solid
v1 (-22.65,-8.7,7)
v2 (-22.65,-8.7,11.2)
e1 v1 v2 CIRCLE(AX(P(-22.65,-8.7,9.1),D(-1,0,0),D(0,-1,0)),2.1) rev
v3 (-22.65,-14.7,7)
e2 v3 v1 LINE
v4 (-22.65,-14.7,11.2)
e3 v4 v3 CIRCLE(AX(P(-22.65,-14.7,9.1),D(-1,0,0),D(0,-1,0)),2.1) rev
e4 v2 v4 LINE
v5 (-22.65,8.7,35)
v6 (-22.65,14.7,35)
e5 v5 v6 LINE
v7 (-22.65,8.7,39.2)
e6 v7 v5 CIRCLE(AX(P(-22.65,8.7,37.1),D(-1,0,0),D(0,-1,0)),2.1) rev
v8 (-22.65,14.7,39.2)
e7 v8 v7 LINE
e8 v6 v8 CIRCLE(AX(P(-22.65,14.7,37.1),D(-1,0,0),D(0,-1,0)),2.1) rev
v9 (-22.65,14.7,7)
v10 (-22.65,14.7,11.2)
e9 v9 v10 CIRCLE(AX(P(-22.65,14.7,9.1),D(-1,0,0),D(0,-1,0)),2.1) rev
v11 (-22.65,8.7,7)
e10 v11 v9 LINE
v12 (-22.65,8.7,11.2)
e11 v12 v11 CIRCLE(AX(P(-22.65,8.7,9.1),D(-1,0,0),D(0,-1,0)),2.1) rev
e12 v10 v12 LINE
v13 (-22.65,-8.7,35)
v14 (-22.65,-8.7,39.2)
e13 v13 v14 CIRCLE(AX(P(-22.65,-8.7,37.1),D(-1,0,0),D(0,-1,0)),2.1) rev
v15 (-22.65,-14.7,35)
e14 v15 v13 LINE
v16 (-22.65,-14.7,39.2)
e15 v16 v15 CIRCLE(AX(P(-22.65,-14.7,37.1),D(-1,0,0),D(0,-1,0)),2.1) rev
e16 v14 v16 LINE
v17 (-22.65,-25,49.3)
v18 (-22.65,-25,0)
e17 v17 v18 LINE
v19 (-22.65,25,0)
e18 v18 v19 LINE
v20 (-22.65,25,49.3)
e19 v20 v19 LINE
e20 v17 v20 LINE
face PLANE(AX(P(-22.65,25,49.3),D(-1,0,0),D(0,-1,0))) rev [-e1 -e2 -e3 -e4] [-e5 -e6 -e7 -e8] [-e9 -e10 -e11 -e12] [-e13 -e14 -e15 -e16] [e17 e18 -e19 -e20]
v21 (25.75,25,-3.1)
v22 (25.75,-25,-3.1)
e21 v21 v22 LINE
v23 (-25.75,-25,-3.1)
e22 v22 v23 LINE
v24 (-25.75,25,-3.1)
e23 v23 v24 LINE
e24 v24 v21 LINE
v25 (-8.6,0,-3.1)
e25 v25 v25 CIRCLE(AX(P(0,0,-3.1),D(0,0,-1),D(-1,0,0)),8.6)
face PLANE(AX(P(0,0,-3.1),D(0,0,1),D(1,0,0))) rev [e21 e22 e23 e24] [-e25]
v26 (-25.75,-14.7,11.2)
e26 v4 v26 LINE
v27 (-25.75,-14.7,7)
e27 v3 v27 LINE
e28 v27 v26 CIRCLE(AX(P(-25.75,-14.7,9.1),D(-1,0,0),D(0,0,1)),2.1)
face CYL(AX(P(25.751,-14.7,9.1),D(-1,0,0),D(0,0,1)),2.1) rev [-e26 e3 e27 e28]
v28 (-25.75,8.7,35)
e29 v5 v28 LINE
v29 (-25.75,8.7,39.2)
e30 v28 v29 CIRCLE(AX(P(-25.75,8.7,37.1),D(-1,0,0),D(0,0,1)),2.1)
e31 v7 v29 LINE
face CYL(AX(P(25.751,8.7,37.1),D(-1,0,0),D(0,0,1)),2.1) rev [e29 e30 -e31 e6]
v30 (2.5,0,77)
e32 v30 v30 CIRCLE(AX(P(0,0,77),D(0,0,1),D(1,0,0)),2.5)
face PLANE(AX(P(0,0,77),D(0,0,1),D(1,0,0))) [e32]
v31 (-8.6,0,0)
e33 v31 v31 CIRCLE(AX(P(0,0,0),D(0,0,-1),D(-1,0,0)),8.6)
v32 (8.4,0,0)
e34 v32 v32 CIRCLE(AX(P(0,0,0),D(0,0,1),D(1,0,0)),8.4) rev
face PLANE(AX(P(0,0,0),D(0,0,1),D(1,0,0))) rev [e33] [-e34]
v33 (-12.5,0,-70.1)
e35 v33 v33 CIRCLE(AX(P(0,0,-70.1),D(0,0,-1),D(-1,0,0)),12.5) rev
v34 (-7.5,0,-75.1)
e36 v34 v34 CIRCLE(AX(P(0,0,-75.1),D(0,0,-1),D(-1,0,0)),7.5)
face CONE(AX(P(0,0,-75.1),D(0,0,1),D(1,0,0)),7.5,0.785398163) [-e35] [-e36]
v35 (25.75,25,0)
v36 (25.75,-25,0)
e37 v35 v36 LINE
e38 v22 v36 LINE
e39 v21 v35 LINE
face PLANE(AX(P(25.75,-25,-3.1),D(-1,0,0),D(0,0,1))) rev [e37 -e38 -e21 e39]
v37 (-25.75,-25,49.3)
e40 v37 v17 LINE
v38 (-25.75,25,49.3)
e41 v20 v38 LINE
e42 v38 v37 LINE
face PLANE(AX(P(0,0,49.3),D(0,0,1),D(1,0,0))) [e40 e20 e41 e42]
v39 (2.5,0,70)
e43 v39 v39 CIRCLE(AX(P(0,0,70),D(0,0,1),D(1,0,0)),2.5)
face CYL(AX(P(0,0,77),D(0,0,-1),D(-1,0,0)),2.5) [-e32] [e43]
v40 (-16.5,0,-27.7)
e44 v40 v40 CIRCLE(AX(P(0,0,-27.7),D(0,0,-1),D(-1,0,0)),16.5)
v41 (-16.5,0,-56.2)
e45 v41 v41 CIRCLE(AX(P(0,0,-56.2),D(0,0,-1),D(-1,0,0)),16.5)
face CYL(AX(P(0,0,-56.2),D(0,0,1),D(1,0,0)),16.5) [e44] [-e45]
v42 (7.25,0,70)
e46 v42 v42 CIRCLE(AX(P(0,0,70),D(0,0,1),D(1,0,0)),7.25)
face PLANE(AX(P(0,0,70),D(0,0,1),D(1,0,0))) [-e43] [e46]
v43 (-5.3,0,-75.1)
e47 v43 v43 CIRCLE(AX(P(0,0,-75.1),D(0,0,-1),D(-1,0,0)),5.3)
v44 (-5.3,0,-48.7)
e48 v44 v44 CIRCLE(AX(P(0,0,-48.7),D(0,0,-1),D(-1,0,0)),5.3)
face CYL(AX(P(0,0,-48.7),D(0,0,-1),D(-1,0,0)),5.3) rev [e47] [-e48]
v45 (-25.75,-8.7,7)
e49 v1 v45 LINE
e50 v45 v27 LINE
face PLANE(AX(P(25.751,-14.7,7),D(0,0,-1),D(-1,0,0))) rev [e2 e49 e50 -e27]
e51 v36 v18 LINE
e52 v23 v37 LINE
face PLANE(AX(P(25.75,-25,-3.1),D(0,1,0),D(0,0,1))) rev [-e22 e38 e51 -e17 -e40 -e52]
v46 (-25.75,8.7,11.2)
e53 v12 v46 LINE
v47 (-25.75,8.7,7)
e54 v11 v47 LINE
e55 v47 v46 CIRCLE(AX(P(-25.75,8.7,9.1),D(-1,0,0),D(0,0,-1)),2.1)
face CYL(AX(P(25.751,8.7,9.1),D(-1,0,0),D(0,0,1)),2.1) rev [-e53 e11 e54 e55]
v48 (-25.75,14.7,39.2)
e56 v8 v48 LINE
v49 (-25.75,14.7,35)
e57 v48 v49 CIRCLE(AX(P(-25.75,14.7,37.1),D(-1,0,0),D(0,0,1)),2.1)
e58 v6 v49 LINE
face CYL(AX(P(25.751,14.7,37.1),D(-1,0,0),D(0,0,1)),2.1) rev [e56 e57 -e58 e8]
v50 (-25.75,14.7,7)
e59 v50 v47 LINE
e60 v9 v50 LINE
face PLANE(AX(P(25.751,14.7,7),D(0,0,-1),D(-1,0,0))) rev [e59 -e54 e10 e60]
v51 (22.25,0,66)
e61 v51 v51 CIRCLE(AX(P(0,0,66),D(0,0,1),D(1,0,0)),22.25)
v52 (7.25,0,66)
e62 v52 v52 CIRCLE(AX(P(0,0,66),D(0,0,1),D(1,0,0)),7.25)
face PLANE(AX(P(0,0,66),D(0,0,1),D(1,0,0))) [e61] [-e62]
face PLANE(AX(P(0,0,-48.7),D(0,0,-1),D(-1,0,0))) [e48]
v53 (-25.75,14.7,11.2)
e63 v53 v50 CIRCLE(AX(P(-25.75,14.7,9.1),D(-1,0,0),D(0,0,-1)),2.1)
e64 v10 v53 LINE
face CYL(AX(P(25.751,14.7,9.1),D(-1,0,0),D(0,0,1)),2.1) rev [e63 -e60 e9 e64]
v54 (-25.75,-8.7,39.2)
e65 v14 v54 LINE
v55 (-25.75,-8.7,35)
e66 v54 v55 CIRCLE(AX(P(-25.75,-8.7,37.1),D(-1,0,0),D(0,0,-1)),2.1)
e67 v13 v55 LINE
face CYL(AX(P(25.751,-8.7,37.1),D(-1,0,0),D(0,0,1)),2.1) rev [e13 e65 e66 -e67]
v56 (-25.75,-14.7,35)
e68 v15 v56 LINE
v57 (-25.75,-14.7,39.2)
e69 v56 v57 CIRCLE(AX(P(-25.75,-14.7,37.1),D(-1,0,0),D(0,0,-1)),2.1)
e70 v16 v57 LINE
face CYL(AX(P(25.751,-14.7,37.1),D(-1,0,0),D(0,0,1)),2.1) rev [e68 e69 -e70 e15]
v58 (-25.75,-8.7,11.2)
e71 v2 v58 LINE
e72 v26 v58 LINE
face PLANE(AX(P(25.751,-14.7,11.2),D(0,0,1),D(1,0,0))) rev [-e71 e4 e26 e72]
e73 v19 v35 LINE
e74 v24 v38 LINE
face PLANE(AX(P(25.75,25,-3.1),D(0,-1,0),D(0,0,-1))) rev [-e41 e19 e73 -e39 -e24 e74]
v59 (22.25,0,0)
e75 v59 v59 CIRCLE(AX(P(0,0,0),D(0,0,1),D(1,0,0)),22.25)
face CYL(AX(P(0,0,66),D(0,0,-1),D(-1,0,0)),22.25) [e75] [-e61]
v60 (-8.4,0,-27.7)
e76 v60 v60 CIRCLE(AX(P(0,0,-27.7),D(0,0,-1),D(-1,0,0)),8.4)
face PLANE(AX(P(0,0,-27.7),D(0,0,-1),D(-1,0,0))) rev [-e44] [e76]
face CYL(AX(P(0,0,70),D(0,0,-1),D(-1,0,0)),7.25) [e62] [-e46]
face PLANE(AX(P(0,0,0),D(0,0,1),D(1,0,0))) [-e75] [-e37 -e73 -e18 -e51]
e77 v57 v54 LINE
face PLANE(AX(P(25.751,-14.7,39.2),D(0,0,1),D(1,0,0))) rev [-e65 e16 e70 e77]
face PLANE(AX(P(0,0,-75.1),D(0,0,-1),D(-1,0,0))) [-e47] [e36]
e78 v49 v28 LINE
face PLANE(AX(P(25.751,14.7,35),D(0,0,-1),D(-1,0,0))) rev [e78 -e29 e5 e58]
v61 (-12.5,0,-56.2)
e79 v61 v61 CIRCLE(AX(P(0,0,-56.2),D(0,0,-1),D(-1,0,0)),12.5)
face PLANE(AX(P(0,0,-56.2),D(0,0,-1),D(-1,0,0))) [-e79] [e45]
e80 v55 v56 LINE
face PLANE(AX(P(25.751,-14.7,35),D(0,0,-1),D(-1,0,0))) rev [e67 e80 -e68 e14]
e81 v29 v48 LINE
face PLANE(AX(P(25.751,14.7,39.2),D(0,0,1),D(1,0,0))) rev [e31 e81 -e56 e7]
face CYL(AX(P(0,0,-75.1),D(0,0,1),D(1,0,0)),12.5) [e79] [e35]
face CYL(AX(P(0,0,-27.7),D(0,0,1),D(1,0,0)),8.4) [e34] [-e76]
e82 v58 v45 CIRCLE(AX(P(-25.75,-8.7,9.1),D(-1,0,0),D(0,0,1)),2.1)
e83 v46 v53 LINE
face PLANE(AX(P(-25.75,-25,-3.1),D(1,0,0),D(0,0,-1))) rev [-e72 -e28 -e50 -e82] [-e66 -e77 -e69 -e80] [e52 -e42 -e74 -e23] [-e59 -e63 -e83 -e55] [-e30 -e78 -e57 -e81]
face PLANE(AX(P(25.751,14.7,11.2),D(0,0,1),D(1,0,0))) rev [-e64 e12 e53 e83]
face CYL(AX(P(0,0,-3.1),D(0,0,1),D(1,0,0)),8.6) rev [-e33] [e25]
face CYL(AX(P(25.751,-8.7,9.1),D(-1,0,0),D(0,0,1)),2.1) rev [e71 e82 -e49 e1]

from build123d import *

# Parameters (mm, degrees)
SKETCH1_R           = 22.25
BOSS_EXTRUDE1_DEPTH = 66
SKETCH2_R           = 7.25
BOSS_EXTRUDE2_DEPTH = 4
SKETCH3_R           = 2.5
BOSS_EXTRUDE3_DEPTH = 7
SKETCH4_W           = 51.5
SKETCH4_H           = 50
SKETCH4_R           = 8.6
BOSS_EXTRUDE4_DEPTH = 3.1
SKETCH5_R           = 8.4
BOSS_EXTRUDE5_DEPTH = 27.7
SKETCH6_R           = 16.5
BOSS_EXTRUDE6_DEPTH = 28.5
SKETCH7_R           = 12.5
BOSS_EXTRUDE7_DEPTH = 18.9
SKETCH8_R           = 5.3
CUT_EXTRUDE1_DEPTH  = 26.4
CHAMFER1_SIZE       = 5
SKETCH9_W           = 3.1
SKETCH9_H           = 50
BOSS_EXTRUDE8_DEPTH = 49.3
CUT_EXTRUDE2_REACH  = 53.5


with BuildPart() as part:
    # Sketch1 → Boss-Extrude1 (new body)
    with BuildSketch(Plane.XY):
        Circle(SKETCH1_R)
    extrude(amount=BOSS_EXTRUDE1_DEPTH)

    # Sketch2 → Boss-Extrude2 (add)
    with BuildSketch(Plane.XY.offset(66)):
        Circle(SKETCH2_R)
    extrude(amount=BOSS_EXTRUDE2_DEPTH)

    # Sketch3 → Boss-Extrude3 (add)
    with BuildSketch(Plane.XY.offset(70)):
        Circle(SKETCH3_R)
    extrude(amount=BOSS_EXTRUDE3_DEPTH)

    # Sketch4 → Boss-Extrude4 (add)
    with BuildSketch(Plane(origin=(0, 0, 0), x_dir=(-1, 0, 0), z_dir=(0, 0, -1))):
        Rectangle(SKETCH4_W, SKETCH4_H)
        Circle(SKETCH4_R, mode=Mode.SUBTRACT)
    extrude(amount=BOSS_EXTRUDE4_DEPTH)

    # Sketch5 → Boss-Extrude5 (add)
    with BuildSketch(Plane(origin=(0, 0, 0), x_dir=(-1, 0, 0), z_dir=(0, 0, -1))):
        Circle(SKETCH5_R)
    extrude(amount=BOSS_EXTRUDE5_DEPTH)

    # Sketch6 → Boss-Extrude6 (add)
    with BuildSketch(Plane(origin=(0, 0, -27.7), x_dir=(-1, 0, 0), z_dir=(0, 0, -1))):
        Circle(SKETCH6_R)
    extrude(amount=BOSS_EXTRUDE6_DEPTH)

    # Sketch7 → Boss-Extrude7 (add)
    with BuildSketch(Plane(origin=(0, 0, -56.2), x_dir=(-1, 0, 0), z_dir=(0, 0, -1))):
        Circle(SKETCH7_R)
    extrude(amount=BOSS_EXTRUDE7_DEPTH)

    # Sketch8 → Cut-Extrude1 (cut)
    with BuildSketch(Plane(origin=(0, 0, -75.1), x_dir=(-1, 0, 0), z_dir=(0, 0, -1))):
        Circle(SKETCH8_R)
    extrude(amount=-CUT_EXTRUDE1_DEPTH, mode=Mode.SUBTRACT)

    # Chamfer1
    chamfer1_edges = [part.edges().sort_by_distance(p)[0] for p in [
        (12.5, 0, -75.1),
    ]]
    chamfer(chamfer1_edges, length=CHAMFER1_SIZE)

    # Sketch9 → Boss-Extrude8 (add)
    with BuildSketch(Plane.XY):
        with Locations((-24.2, 0)):
            Rectangle(SKETCH9_W, SKETCH9_H)
    extrude(amount=BOSS_EXTRUDE8_DEPTH)

    # Sketch10 → Cut-Extrude2 (cut, up to next)
    with BuildSketch(Plane.ZY.offset(25.75), mode=Mode.PRIVATE) as cut_extrude2_sk1:
        with BuildLine():
            Line((39.2, 14.7), (39.2, 8.7))
            ThreePointArc((39.2, 8.7), (37.1, 6.6), (35, 8.7))
            Line((35, 8.7), (35, 14.7))
            ThreePointArc((35, 14.7), (37.1, 16.8), (39.2, 14.7))
        make_face()
    cut_extrude2_tool1 = extrude(cut_extrude2_sk1.sketch, amount=-CUT_EXTRUDE2_REACH, mode=Mode.PRIVATE) & part.part
    add(cut_extrude2_tool1.solids().sort_by_distance((-25.75, 11.7, 37.1))[0], mode=Mode.SUBTRACT)
    # Sketch10 → Cut-Extrude2 (cut, up to next)
    with BuildSketch(Plane.ZY.offset(25.75), mode=Mode.PRIVATE) as cut_extrude2_sk2:
        with BuildLine():
            Line((39.2, -14.7), (39.2, -8.7))
            ThreePointArc((39.2, -8.7), (37.1, -6.6), (35, -8.7))
            Line((35, -8.7), (35, -14.7))
            ThreePointArc((35, -14.7), (37.1, -16.8), (39.2, -14.7))
        make_face()
    cut_extrude2_tool2 = extrude(cut_extrude2_sk2.sketch, amount=-CUT_EXTRUDE2_REACH, mode=Mode.PRIVATE) & part.part
    add(cut_extrude2_tool2.solids().sort_by_distance((-25.75, -11.7, 37.1))[0], mode=Mode.SUBTRACT)
    # Sketch10 → Cut-Extrude2 (cut, up to next)
    with BuildSketch(Plane.ZY.offset(25.75), mode=Mode.PRIVATE) as cut_extrude2_sk3:
        with BuildLine():
            Line((7, -14.7), (7, -8.7))
            ThreePointArc((7, -8.7), (9.1, -6.6), (11.2, -8.7))
            Line((11.2, -8.7), (11.2, -14.7))
            ThreePointArc((11.2, -14.7), (9.1, -16.8), (7, -14.7))
        make_face()
    cut_extrude2_tool3 = extrude(cut_extrude2_sk3.sketch, amount=-CUT_EXTRUDE2_REACH, mode=Mode.PRIVATE) & part.part
    add(cut_extrude2_tool3.solids().sort_by_distance((-25.75, -11.7, 9.1))[0], mode=Mode.SUBTRACT)
    # Sketch10 → Cut-Extrude2 (cut, up to next)
    with BuildSketch(Plane.ZY.offset(25.75), mode=Mode.PRIVATE) as cut_extrude2_sk4:
        with BuildLine():
            Line((7, 14.7), (7, 8.7))
            ThreePointArc((7, 8.7), (9.1, 6.6), (11.2, 8.7))
            Line((11.2, 8.7), (11.2, 14.7))
            ThreePointArc((11.2, 14.7), (9.1, 16.8), (7, 14.7))
        make_face()
    cut_extrude2_tool4 = extrude(cut_extrude2_sk4.sketch, amount=-CUT_EXTRUDE2_REACH, mode=Mode.PRIVATE) & part.part
    add(cut_extrude2_tool4.solids().sort_by_distance((-25.75, 11.7, 9.1))[0], mode=Mode.SUBTRACT)


solid = part.part
